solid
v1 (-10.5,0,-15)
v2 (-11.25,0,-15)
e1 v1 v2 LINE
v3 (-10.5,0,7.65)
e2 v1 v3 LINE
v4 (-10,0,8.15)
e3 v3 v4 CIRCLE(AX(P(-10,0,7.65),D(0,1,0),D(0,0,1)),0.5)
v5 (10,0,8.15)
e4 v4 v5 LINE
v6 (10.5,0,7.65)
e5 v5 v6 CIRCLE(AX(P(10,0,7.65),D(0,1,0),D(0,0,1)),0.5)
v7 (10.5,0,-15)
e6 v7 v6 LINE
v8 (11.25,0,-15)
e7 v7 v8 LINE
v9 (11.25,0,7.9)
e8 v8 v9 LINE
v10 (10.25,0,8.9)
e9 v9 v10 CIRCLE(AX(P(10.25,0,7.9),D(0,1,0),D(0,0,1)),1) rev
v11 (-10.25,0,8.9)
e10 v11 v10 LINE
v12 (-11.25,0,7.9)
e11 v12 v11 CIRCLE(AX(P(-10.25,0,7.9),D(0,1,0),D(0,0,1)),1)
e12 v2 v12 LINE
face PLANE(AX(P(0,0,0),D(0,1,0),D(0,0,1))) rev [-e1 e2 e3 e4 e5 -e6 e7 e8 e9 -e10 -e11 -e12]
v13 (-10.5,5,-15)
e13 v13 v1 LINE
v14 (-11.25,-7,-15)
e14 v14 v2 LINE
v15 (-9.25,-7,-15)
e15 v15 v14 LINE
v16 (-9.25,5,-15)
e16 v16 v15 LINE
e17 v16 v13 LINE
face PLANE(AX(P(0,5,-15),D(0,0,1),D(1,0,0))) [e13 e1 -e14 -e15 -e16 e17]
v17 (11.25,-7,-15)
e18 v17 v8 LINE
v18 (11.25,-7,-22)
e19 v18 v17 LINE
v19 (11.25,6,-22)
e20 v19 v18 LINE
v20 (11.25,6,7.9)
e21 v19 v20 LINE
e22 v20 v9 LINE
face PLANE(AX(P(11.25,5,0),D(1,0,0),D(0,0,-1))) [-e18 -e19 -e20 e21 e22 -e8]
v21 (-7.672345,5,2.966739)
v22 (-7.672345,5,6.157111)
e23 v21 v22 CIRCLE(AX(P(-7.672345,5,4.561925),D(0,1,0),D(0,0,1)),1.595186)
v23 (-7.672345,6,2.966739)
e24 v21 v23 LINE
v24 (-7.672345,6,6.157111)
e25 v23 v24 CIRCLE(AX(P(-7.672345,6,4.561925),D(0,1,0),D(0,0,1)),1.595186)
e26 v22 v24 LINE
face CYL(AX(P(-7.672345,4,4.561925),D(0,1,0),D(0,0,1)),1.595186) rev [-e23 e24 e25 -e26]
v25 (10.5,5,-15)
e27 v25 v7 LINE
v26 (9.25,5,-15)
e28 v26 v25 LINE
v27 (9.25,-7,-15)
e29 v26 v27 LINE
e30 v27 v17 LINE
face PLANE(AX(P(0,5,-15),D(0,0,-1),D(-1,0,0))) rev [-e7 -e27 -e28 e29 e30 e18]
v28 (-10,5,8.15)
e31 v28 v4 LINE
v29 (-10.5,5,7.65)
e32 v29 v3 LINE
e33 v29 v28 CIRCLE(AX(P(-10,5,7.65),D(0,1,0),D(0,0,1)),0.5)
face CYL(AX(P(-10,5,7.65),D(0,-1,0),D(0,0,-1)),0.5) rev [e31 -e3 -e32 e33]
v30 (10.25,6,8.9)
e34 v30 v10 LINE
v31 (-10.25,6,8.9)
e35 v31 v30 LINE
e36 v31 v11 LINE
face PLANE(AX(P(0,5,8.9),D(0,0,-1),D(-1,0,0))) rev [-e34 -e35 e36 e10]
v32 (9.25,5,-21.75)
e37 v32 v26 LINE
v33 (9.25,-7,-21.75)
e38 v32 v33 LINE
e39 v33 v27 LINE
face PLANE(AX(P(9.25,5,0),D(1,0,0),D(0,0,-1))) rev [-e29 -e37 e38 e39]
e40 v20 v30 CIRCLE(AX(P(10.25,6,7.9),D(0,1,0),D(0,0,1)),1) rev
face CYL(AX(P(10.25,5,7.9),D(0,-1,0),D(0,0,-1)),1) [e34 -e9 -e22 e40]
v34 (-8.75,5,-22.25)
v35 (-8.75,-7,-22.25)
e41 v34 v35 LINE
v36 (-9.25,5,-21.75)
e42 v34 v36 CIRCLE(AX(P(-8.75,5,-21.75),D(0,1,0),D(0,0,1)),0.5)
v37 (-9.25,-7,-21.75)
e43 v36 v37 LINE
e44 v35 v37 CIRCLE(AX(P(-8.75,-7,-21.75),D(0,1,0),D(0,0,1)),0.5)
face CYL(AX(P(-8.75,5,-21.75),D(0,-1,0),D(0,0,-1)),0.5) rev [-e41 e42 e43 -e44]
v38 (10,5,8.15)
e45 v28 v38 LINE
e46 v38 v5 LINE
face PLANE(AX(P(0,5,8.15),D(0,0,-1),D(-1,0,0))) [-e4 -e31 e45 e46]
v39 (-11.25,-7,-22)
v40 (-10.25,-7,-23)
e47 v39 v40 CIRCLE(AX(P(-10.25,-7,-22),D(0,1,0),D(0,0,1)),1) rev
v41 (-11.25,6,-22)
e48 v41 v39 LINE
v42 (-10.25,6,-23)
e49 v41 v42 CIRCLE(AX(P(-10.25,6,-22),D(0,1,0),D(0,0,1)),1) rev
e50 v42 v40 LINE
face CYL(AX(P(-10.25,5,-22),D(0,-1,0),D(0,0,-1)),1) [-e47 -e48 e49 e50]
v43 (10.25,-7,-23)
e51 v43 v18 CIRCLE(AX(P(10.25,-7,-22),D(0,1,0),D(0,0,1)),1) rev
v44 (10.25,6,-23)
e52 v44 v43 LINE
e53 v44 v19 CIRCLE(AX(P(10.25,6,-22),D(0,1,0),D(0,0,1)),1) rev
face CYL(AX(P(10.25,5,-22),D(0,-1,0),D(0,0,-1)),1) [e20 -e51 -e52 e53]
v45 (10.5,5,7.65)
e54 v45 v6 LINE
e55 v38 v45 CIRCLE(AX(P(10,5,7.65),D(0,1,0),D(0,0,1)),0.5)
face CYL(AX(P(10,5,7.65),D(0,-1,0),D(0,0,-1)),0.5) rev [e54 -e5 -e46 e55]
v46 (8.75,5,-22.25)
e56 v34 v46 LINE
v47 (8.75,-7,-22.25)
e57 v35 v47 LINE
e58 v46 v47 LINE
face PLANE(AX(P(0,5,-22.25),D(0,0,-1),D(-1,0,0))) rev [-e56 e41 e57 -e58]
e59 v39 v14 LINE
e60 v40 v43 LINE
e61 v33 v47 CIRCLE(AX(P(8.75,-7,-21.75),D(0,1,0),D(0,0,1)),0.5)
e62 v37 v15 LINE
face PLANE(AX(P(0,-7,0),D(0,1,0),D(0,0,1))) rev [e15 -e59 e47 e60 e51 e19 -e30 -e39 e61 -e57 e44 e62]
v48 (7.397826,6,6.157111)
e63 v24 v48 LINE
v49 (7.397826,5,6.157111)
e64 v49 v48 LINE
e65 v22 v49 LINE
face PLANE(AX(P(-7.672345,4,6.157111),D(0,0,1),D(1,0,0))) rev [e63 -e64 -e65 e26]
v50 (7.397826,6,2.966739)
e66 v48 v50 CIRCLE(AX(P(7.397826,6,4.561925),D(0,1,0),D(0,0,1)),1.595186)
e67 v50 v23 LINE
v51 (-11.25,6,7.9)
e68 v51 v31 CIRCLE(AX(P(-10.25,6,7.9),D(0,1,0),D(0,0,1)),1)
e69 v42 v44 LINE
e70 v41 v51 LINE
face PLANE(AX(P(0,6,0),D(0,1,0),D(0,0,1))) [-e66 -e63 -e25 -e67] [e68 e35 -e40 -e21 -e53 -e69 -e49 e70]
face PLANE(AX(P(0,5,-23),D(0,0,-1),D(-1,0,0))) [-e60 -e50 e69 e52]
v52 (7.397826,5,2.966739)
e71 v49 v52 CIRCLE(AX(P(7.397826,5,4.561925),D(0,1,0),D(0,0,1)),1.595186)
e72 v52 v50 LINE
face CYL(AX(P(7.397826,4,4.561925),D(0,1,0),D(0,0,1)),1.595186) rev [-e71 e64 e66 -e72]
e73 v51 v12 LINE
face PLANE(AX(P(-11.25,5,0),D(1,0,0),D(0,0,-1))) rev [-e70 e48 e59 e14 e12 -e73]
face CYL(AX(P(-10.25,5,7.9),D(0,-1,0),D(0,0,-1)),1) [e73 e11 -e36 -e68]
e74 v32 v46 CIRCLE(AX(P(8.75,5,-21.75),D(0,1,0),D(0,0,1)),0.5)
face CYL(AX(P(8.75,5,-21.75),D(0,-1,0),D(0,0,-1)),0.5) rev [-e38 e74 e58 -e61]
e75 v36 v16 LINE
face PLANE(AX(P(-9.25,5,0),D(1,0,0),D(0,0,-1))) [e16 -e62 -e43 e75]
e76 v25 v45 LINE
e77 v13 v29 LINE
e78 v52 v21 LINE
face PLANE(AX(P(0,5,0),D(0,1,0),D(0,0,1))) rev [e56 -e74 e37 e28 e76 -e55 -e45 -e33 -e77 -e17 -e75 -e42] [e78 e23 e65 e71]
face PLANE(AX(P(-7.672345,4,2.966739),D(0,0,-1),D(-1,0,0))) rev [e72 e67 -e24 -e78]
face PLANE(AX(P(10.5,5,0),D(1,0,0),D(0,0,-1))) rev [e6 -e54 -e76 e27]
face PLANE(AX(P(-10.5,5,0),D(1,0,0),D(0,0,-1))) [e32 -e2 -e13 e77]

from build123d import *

# Parameters (mm, degrees)
BOSS_EXTRUDE33_DEPTH = 5
BOSS_EXTRUDE34_START = 5
BOSS_EXTRUDE34_DEPTH = 1
BOSS_EXTRUDE35_START = -7
BOSS_EXTRUDE35_DEPTH = 7
CUT_EXTRUDE2_DEPTH   = 2


with BuildPart() as part:
    # lid → Boss-Extrude33 (new body)
    with BuildSketch(Plane(origin=(0, 0, 0), x_dir=(1, 0, 0), z_dir=(0, 1, 0))):
        with BuildLine():
            Line((-11.25, 22), (-11.25, -7.9))
            ThreePointArc((-11.25, -7.9), (-10.957106781, -8.607106781), (-10.25, -8.9))
            Line((-10.25, -8.9), (10.25, -8.9))
            ThreePointArc((10.25, -8.9), (10.957106781, -8.607106781), (11.25, -7.9))
            Line((11.25, -7.9), (11.25, 22))
            ThreePointArc((11.25, 22), (10.957106781, 22.707106781), (10.25, 23))
            Line((10.25, 23), (-10.25, 23))
            ThreePointArc((-10.25, 23), (-10.957106781, 22.707106781), (-11.25, 22))
        make_face()
        with BuildLine():
            Line((9.25, 21.75), (9.25, 15))
            Line((9.25, 15), (10.5, 15))
            Line((10.5, 15), (10.5, -7.65))
            ThreePointArc((10.5, -7.65), (10.353553391, -8.003553391), (10, -8.15))
            Line((10, -8.15), (-10, -8.15))
            ThreePointArc((-10, -8.15), (-10.353553391, -8.003553391), (-10.5, -7.65))
            Line((-10.5, -7.65), (-10.5, 15))
            Line((-10.5, 15), (-9.25, 15))
            Line((-9.25, 15), (-9.25, 21.75))
            ThreePointArc((-9.25, 21.75), (-9.103553391, 22.103553391), (-8.75, 22.25))
            Line((-8.75, 22.25), (8.75, 22.25))
            ThreePointArc((8.75, 22.25), (9.103553391, 22.103553391), (9.25, 21.75))
        make_face(mode=Mode.SUBTRACT)
    extrude(amount=BOSS_EXTRUDE33_DEPTH)

    # lid<5> → Boss-Extrude34 (add)
    with BuildSketch(Plane(origin=(0, 0, 0), x_dir=(1, 0, 0), z_dir=(0, 1, 0)).offset(BOSS_EXTRUDE34_START)):
        with BuildLine():
            Line((-11.25, 22), (-11.25, -7.9))
            ThreePointArc((-11.25, -7.9), (-10.957106781, -8.607106781), (-10.25, -8.9))
            Line((-10.25, -8.9), (10.25, -8.9))
            ThreePointArc((10.25, -8.9), (10.957106781, -8.607106781), (11.25, -7.9))
            Line((11.25, -7.9), (11.25, 22))
            ThreePointArc((11.25, 22), (10.957106781, 22.707106781), (10.25, 23))
            Line((10.25, 23), (-10.25, 23))
            ThreePointArc((-10.25, 23), (-10.957106781, 22.707106781), (-11.25, 22))
        make_face()
    extrude(amount=BOSS_EXTRUDE34_DEPTH)

    # lid<6> → Boss-Extrude35 (add)
    with BuildSketch(Plane(origin=(0, 0, 0), x_dir=(1, 0, 0), z_dir=(0, 1, 0)).offset(BOSS_EXTRUDE35_START)):
        with BuildLine():
            Line((9.25, 21.75), (9.25, 15))
            Line((9.25, 15), (10.5, 15))
            Line((10.5, 15), (11.25, 15))
            Line((11.25, 15), (11.25, 22))
            ThreePointArc((11.25, 22), (10.957106781, 22.707106781), (10.25, 23))
            Line((10.25, 23), (-10.25, 23))
            ThreePointArc((-10.25, 23), (-10.957106781, 22.707106781), (-11.25, 22))
            Line((-11.25, 22), (-11.25, 15))
            Line((-11.25, 15), (-10.5, 15))
            Line((-10.5, 15), (-9.25, 15))
            Line((-9.25, 15), (-9.25, 21.75))
            ThreePointArc((-9.25, 21.75), (-9.103553391, 22.103553391), (-8.75, 22.25))
            Line((-8.75, 22.25), (8.75, 22.25))
            ThreePointArc((8.75, 22.25), (9.103553391, 22.103553391), (9.25, 21.75))
        make_face()
    extrude(amount=BOSS_EXTRUDE35_DEPTH)

    # Sketch20 → Cut-Extrude2 (cut)
    with BuildSketch(Plane(origin=(0, 6, 0), x_dir=(1, 0, 0), z_dir=(0, 1, 0))):
        with BuildLine():
            Line((-7.672345443, -2.966739157), (7.39782559, -2.966739157))
            ThreePointArc((7.39782559, -2.966739157), (8.993011438, -4.561925004), (7.39782559, -6.157110852))
            Line((7.39782559, -6.157110852), (-7.672345443, -6.157110852))
            ThreePointArc((-7.672345443, -6.157110852), (-9.26753129, -4.561925004), (-7.672345443, -2.966739157))
        make_face()
    extrude(amount=-CUT_EXTRUDE2_DEPTH, mode=Mode.SUBTRACT)


solid = part.part
